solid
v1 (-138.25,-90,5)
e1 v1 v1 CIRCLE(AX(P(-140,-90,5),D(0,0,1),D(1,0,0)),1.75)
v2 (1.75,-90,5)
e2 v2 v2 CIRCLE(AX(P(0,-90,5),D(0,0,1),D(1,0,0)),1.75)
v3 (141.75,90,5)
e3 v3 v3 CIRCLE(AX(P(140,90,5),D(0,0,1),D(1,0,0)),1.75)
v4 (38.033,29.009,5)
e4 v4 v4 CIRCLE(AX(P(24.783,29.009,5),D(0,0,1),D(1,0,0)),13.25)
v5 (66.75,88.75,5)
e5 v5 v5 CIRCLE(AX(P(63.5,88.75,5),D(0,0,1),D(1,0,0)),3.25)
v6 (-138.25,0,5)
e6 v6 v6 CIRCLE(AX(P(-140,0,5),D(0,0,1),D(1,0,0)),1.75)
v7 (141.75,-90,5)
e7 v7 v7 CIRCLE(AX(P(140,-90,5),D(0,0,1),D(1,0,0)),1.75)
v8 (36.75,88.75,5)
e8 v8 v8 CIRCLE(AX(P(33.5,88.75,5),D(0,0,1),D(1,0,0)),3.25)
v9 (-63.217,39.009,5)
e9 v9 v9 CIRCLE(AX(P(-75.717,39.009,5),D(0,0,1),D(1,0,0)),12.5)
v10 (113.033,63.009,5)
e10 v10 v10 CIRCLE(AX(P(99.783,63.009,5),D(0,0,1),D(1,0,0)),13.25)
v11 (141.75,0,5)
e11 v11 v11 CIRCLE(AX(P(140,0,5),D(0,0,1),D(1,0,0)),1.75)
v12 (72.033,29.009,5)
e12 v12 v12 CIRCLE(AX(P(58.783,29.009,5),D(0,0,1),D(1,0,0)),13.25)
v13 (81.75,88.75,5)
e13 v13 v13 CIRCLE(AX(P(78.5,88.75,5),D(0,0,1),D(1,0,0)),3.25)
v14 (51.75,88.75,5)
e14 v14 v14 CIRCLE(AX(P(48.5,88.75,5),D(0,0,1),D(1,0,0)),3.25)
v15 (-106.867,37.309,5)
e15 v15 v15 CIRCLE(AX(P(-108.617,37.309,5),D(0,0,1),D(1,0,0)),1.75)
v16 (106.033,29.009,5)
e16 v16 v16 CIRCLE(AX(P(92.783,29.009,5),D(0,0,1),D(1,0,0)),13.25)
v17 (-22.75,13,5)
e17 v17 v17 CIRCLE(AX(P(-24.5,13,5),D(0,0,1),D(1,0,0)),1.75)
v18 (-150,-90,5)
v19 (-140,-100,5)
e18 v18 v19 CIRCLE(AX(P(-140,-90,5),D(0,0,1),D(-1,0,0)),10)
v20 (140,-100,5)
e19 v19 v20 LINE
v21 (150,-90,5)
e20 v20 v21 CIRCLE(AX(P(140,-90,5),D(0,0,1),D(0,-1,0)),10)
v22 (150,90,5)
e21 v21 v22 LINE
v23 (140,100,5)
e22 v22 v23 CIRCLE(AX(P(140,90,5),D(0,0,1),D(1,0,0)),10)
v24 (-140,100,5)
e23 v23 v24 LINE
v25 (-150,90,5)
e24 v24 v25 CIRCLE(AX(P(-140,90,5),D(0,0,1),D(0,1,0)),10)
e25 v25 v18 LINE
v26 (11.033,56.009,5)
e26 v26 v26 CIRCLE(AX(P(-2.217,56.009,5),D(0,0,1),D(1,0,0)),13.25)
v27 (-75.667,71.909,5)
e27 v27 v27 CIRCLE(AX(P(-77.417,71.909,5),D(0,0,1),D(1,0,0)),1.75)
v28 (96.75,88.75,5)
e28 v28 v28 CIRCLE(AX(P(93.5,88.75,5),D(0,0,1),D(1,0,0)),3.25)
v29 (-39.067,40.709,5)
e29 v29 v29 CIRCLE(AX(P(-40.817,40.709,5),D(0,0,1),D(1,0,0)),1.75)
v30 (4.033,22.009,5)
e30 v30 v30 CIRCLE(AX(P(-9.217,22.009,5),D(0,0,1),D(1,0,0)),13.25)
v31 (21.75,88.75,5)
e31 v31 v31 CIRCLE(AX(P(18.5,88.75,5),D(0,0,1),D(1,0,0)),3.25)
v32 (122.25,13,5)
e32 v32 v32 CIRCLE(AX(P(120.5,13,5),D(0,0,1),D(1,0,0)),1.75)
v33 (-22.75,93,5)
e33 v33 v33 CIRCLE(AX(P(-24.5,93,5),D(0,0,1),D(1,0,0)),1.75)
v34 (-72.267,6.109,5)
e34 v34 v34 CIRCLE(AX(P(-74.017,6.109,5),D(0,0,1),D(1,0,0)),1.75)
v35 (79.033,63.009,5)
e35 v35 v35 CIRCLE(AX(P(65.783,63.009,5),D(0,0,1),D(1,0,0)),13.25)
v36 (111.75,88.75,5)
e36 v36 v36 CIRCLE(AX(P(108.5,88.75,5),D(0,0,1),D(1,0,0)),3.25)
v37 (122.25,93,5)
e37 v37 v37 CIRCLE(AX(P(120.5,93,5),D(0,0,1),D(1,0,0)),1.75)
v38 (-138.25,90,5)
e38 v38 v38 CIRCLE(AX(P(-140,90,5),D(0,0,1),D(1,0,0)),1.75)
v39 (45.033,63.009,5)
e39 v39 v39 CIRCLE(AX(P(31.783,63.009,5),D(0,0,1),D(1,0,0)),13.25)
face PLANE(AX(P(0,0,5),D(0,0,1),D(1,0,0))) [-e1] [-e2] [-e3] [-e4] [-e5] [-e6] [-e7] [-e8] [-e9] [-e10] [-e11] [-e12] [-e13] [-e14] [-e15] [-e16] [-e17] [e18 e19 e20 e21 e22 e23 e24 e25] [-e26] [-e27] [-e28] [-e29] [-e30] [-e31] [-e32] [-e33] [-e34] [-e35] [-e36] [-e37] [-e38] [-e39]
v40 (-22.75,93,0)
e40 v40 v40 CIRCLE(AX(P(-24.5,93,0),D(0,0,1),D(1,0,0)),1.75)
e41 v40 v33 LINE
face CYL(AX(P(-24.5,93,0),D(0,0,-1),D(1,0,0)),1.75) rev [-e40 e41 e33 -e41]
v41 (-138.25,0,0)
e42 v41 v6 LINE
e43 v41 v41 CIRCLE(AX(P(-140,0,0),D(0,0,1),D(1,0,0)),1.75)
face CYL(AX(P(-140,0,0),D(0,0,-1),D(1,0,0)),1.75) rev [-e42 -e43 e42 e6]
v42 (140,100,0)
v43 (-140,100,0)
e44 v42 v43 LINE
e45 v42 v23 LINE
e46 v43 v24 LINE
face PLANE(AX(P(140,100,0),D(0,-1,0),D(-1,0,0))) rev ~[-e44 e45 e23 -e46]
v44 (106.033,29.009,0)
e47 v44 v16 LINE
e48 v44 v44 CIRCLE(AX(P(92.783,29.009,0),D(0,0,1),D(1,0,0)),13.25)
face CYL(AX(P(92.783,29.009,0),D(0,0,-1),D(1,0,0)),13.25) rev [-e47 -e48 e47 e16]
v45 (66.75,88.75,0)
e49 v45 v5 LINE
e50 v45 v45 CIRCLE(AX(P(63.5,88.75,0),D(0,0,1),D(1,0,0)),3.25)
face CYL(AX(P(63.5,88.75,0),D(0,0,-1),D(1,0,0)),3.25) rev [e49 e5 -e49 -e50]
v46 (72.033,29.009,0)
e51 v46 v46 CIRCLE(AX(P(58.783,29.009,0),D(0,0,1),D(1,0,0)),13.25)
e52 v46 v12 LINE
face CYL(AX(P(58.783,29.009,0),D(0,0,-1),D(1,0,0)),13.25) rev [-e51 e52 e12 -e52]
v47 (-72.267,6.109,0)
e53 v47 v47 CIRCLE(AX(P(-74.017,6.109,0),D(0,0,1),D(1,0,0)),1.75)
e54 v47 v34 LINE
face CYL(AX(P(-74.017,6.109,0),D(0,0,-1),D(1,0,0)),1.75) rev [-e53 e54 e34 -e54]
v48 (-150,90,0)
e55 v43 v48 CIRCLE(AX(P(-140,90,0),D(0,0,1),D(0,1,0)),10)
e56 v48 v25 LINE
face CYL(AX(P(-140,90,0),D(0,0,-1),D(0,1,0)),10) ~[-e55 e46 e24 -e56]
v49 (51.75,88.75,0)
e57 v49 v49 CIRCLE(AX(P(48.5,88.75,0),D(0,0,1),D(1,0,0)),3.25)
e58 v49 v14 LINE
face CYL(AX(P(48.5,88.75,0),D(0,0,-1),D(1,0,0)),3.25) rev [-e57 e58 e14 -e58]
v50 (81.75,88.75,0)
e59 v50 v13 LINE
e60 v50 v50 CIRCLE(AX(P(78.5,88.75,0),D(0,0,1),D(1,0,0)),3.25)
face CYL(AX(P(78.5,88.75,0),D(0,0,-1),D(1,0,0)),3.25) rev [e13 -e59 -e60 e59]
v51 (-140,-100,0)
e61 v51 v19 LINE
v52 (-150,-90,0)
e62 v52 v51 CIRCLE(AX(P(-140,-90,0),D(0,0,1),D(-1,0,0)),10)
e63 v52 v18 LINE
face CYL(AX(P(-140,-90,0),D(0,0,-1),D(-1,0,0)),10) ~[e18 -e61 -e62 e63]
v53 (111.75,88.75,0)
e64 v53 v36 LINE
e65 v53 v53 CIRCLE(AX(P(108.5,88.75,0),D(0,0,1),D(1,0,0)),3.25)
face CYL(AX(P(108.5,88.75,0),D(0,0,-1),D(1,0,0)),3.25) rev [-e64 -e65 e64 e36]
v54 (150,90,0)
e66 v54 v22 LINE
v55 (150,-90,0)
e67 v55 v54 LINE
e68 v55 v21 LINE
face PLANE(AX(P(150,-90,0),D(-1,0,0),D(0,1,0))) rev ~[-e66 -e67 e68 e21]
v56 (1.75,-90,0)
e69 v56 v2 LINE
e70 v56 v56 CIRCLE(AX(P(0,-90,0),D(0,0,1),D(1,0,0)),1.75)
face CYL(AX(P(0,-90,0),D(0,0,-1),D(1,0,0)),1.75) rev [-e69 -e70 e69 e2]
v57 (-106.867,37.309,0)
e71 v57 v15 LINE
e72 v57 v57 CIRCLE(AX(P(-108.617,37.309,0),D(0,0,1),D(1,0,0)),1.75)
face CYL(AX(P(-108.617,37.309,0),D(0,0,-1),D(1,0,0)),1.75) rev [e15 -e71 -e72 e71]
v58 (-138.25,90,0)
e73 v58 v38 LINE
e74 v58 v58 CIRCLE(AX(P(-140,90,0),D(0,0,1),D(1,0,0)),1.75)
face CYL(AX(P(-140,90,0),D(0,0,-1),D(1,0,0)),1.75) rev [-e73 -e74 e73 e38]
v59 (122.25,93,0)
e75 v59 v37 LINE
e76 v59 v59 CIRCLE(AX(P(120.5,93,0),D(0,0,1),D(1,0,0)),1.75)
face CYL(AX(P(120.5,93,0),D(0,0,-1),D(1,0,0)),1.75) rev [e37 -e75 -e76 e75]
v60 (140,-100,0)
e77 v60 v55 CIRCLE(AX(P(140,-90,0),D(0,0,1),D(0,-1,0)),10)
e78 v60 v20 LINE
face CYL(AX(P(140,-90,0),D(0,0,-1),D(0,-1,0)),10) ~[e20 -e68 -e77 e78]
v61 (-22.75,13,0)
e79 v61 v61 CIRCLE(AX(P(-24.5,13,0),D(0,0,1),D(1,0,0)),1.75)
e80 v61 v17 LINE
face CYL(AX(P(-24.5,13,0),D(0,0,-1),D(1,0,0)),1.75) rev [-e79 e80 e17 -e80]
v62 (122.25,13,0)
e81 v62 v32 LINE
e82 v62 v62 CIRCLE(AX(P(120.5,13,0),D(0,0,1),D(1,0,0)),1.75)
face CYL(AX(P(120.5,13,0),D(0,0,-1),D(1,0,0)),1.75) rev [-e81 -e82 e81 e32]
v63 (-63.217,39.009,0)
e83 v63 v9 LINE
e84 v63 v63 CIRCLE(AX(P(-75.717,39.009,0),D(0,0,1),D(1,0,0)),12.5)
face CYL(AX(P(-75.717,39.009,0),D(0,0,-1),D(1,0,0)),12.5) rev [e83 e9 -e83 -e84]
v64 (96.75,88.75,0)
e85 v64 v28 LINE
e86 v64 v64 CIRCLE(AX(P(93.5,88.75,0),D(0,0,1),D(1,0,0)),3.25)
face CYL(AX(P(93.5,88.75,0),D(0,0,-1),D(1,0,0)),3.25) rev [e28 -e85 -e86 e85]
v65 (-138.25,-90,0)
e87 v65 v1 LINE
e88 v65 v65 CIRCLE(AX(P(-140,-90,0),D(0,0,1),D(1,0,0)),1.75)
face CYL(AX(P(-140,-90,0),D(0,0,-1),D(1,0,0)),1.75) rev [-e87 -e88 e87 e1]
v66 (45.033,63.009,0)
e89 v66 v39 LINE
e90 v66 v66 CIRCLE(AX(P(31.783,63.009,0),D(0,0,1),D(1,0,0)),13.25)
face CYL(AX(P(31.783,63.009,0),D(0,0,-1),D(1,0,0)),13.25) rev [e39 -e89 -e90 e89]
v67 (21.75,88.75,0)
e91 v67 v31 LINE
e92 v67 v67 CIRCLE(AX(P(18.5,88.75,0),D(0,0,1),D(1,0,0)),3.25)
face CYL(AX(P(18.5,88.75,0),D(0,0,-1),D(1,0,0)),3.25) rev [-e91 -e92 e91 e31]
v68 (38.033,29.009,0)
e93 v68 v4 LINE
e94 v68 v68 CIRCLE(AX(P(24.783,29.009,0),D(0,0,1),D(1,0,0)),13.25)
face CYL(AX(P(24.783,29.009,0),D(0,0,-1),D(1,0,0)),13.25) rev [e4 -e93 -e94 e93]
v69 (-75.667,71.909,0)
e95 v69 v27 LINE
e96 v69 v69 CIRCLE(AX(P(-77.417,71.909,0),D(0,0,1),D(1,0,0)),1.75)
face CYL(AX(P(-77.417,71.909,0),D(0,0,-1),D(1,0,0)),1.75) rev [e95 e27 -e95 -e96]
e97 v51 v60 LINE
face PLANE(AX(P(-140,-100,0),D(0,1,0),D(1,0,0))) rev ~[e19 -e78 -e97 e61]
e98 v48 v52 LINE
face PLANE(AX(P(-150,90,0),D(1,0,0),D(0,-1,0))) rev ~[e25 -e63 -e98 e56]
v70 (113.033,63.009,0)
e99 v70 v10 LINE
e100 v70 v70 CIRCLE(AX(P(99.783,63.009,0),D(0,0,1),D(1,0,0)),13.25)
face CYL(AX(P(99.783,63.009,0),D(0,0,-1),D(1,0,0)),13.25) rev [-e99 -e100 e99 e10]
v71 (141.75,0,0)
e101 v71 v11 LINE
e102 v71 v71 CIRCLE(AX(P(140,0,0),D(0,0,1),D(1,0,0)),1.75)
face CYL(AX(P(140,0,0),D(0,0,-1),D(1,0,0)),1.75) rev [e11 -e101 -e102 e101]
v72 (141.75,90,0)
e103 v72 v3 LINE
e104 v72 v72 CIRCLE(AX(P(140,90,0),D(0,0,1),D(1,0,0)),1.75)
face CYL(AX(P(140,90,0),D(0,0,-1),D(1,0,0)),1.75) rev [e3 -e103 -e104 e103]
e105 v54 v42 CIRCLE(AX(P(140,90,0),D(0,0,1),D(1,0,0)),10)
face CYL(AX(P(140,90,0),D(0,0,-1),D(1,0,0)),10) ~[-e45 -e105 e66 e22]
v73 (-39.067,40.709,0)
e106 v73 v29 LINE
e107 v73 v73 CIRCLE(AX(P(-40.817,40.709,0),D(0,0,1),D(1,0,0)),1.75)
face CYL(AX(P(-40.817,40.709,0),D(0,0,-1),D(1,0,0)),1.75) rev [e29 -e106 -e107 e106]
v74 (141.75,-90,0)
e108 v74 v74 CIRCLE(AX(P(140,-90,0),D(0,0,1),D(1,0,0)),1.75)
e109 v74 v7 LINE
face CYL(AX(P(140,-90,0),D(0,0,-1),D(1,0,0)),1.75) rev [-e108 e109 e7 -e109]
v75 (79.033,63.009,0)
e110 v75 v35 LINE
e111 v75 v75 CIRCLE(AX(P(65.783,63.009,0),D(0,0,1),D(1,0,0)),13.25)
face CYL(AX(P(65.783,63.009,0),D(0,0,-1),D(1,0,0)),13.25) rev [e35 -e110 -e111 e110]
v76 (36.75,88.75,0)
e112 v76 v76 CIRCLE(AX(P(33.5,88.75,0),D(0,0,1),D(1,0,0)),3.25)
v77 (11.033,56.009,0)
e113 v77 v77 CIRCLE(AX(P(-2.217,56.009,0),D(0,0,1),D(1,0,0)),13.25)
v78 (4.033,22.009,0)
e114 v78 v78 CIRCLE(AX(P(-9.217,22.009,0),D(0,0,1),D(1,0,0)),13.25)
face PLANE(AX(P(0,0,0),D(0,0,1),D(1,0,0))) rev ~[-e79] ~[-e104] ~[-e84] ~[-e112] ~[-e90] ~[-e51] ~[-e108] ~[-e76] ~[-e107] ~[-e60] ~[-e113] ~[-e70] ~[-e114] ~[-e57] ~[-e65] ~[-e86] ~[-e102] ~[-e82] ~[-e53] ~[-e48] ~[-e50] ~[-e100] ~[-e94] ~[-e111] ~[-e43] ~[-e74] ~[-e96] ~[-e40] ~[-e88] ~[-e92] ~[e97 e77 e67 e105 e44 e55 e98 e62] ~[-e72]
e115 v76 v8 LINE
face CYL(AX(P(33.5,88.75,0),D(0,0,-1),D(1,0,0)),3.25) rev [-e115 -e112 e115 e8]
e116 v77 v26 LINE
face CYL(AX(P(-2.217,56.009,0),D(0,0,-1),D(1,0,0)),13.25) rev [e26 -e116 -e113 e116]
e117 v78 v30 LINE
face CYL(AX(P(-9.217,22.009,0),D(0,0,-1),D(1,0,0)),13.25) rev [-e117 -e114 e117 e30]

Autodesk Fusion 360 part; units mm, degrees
sketch "Sketch1" plane through (0, 0, 0) normal (0, 0, 1) x (1, 0, 0)
  line L0 (140, 100) -> (-140, 100)
  line L1 (-150, 90) -> (-150, -90)
  line L2 (-140, -100) -> (140, -100)
  line L3 (150, -90) -> (150, 90)
  line L4 (150, 100) -> (-150, -100) construction
  line L5 (-150, 100) -> (150, -100) construction
  arc A0 (-140, 100) -> (-150, 90) centre (-140, 90) ccw
  arc A1 (150, 90) -> (140, 100) centre (140, 90) ccw
  arc A2 (-150, -90) -> (-140, -100) centre (-140, -90) ccw
  arc A3 (140, -100) -> (150, -90) centre (140, -90) ccw
  circle A4 centre (-140, 90) radius 1.75
  circle A5 centre (-140, -90) radius 1.75
  circle A6 centre (140, -90) radius 1.75
  circle A7 centre (140, 90) radius 1.75
  circle A8 centre (-24.5, 93) radius 1.75
  circle A9 centre (120.5, 93) radius 1.75
  circle A10 centre (120.5, 13) radius 1.75
  circle A11 centre (-24.5, 13) radius 1.75
  circle A12 centre (-9.217, 22.009) radius 13.25
  circle A13 centre (-2.217, 56.009) radius 13.25
  circle A14 centre (24.783, 29.009) radius 13.25
  circle A15 centre (31.783, 63.009) radius 13.25
  circle A16 centre (65.783, 63.009) radius 13.25
  circle A17 centre (58.783, 29.009) radius 13.25
  circle A18 centre (92.783, 29.009) radius 13.25
  circle A19 centre (99.783, 63.009) radius 13.25
  circle A20 centre (108.5, 88.75) radius 3.25
  circle A21 centre (93.5, 88.75) radius 3.25
  circle A22 centre (78.5, 88.75) radius 3.25
  circle A23 centre (63.5, 88.75) radius 3.25
  circle A24 centre (33.5, 88.75) radius 3.25
  circle A25 centre (48.5, 88.75) radius 3.25
  circle A26 centre (18.5, 88.75) radius 3.25
  circle A27 centre (-75.717, 39.009) radius 12.5
  circle A28 centre (-77.417, 71.909) radius 1.75
  circle A29 centre (-108.617, 37.309) radius 1.75
  circle A30 centre (-74.017, 6.109) radius 1.75
  circle A31 centre (-40.817, 40.709) radius 1.75
  circle A32 centre (-140, 0) radius 1.75
  circle A33 centre (140, 0) radius 1.75
  circle A34 centre (0, -90) radius 1.75
  dimension "d1" = 300
  dimension "d2" = 200
  dimension "d3" = 10
  dimension "d4" = 10
  dimension "d5" = 10
  dimension "d6" = 10
  dimension "d7" = 3.5
  dimension "d8" = 3.5
  dimension "d9" = 3.5
  dimension "d10" = 3.5
  dimension "d13" = 3.5
  dimension "d14" = 145
  dimension "d15" = 3.5
  dimension "d16" = 3.5
  dimension "d17" = 145
  dimension "d18" = 3.5
  dimension "d21" = 26.5
  dimension "d22" = 26.5
  dimension "d23" = 26.5
  dimension "d24" = 26.5
  dimension "d25" = 26.5
  dimension "d26" = 26.5
  dimension "d27" = 26.5
  dimension "d28" = 26.5
  dimension "d31" = 6.5
  dimension "d32" = 6.5
  dimension "d33" = 6.5
  dimension "d34" = 6.5
  dimension "d35" = 6.5
  dimension "d36" = 6.5
  dimension "d37" = 6.5
  dimension "d41" = 25
  dimension "d44" = 3.5
  dimension "d58" = 3.5
  dimension "d59" = 3.5
  dimension "d60" = 3.5
sketch "Sketch2" plane through (0, 0, 5) normal (0, 0, 1) x (-1, 0, 0)
  circle A0 centre (77.417, -71.909) radius 1.75
  circle A1 centre (9.217, -22.009) radius 13.25
  circle A2 centre (-108.5, -88.75) radius 3.25
  circle A3 centre (-58.783, -29.009) radius 13.25
  circle A4 centre (-93.5, -88.75) radius 3.25
  circle A5 centre (40.817, -40.709) radius 1.75
  circle A6 centre (140, 90) radius 1.75
  circle A7 centre (24.5, -93) radius 1.75
  circle A8 centre (-63.5, -88.75) radius 3.25
  circle A9 centre (-18.5, -88.75) radius 3.25
  circle A10 centre (-99.783, -63.009) radius 13.25
  circle A11 centre (-33.5, -88.75) radius 3.25
  circle A12 centre (108.617, -37.309) radius 1.75
  circle A13 centre (-92.783, -29.009) radius 13.25
  circle A14 centre (-48.5, -88.75) radius 3.25
  circle A15 centre (-65.783, -63.009) radius 13.25
  circle A16 centre (140, -90) radius 1.75
  circle A17 centre (24.5, -13) radius 1.75
  circle A18 centre (-120.5, -13) radius 1.75
  circle A19 centre (-78.5, -88.75) radius 3.25
  circle A20 centre (-140, -90) radius 1.75
  circle A21 centre (-31.783, -63.009) radius 13.25
  circle A22 centre (-140, 90) radius 1.75
  circle A23 centre (74.017, -6.109) radius 1.75
  circle A24 centre (2.217, -56.009) radius 13.25
  circle A25 centre (75.717, -39.009) radius 12.5
  circle A26 centre (-120.5, -93) radius 1.75
  circle A27 centre (-24.783, -29.009) radius 13.25
  arc A28 (-140, 100) -> (-150, 90) centre (-140, 90) ccw
  line L0 (-150, 90) -> (-150, -90)
  arc A29 (-150, -90) -> (-140, -100) centre (-140, -90) ccw
  line L1 (-140, -100) -> (140, -100)
  arc A30 (140, -100) -> (150, -90) centre (140, -90) ccw
  line L2 (150, -90) -> (150, 90)
  arc A31 (150, 90) -> (140, 100) centre (140, 90) ccw
  line L3 (140, 100) -> (-140, 100)
  circle A32 centre (77.717, -62.659) radius 1.75
  circle A33 centre (99.367, -37.009) radius 1.75
  circle A34 centre (73.717, -15.359) radius 1.75
  circle A35 centre (52.067, -41.009) radius 1.75
  dimension "d53" = 3.5
  dimension "d55" = 360
extrude "Extrude4" add sketch "Sketch1" along normal blind 5
extrude "Extrude5" cut sketch "Sketch2" against normal blind 5 contours A32 | A33 | A34 | A35
sketch "Sketch3" plane through (0, 0, 5) normal (0, 0, 1) x (-1, 0, 0)
  circle A0 centre (99.367, -37.009) radius 1.75
  circle A1 centre (73.717, -15.359) radius 1.75
  circle A2 centre (77.717, -62.659) radius 1.75
  circle A3 centre (52.067, -41.009) radius 1.75
  circle A4 centre (140, 0) radius 1.75
  circle A5 centre (-63.5, -88.75) radius 3.25
  circle A6 centre (108.617, -37.309) radius 1.75
  circle A7 centre (-140, 0) radius 1.75
  circle A8 centre (-48.5, -88.75) radius 3.25
  circle A9 centre (-108.5, -88.75) radius 3.25
  circle A10 centre (24.5, -13) radius 1.75
  circle A11 centre (-78.5, -88.75) radius 3.25
  circle A12 centre (9.217, -22.009) radius 13.25
  circle A13 centre (-140, -90) radius 1.75
  circle A14 centre (2.217, -56.009) radius 13.25
  circle A15 centre (-120.5, -13) radius 1.75
  circle A16 centre (-120.5, -93) radius 1.75
  circle A17 centre (-31.783, -63.009) radius 13.25
  circle A18 centre (140, 90) radius 1.75
  circle A19 centre (75.717, -39.009) radius 12.5
  circle A20 centre (-18.5, -88.75) radius 3.25
  circle A21 centre (-58.783, -29.009) radius 13.25
  circle A22 centre (-65.783, -63.009) radius 13.25
  circle A23 centre (40.817, -40.709) radius 1.75
  circle A24 centre (24.5, -93) radius 1.75
  circle A25 centre (-140, 90) radius 1.75
  circle A26 centre (-99.783, -63.009) radius 13.25
  circle A27 centre (-92.783, -29.009) radius 13.25
  circle A28 centre (140, -90) radius 1.75
  circle A29 centre (77.417, -71.909) radius 1.75
  circle A30 centre (74.017, -6.109) radius 1.75
  circle A31 centre (-24.783, -29.009) radius 13.25
  circle A32 centre (0, 90) radius 1.75
  circle A33 centre (-33.5, -88.75) radius 3.25
  circle A34 centre (-93.5, -88.75) radius 3.25
  arc A35 (-140, 100) -> (-150, 90) centre (-140, 90) ccw
  line L0 (-150, 90) -> (-150, -90)
  arc A36 (-150, -90) -> (-140, -100) centre (-140, -90) ccw
  line L1 (-140, -100) -> (140, -100)
  arc A37 (140, -100) -> (150, -90) centre (140, -90) ccw
  line L2 (150, -90) -> (150, 90)
  arc A38 (150, 90) -> (140, 100) centre (140, 90) ccw
  line L3 (140, 100) -> (-140, 100)
extrude "Extrude6" add sketch "Sketch2" against normal up to surface (5 mm away) contours A32 | A33 | A34 | A35
extrude "Extrude1" [suppressed]
